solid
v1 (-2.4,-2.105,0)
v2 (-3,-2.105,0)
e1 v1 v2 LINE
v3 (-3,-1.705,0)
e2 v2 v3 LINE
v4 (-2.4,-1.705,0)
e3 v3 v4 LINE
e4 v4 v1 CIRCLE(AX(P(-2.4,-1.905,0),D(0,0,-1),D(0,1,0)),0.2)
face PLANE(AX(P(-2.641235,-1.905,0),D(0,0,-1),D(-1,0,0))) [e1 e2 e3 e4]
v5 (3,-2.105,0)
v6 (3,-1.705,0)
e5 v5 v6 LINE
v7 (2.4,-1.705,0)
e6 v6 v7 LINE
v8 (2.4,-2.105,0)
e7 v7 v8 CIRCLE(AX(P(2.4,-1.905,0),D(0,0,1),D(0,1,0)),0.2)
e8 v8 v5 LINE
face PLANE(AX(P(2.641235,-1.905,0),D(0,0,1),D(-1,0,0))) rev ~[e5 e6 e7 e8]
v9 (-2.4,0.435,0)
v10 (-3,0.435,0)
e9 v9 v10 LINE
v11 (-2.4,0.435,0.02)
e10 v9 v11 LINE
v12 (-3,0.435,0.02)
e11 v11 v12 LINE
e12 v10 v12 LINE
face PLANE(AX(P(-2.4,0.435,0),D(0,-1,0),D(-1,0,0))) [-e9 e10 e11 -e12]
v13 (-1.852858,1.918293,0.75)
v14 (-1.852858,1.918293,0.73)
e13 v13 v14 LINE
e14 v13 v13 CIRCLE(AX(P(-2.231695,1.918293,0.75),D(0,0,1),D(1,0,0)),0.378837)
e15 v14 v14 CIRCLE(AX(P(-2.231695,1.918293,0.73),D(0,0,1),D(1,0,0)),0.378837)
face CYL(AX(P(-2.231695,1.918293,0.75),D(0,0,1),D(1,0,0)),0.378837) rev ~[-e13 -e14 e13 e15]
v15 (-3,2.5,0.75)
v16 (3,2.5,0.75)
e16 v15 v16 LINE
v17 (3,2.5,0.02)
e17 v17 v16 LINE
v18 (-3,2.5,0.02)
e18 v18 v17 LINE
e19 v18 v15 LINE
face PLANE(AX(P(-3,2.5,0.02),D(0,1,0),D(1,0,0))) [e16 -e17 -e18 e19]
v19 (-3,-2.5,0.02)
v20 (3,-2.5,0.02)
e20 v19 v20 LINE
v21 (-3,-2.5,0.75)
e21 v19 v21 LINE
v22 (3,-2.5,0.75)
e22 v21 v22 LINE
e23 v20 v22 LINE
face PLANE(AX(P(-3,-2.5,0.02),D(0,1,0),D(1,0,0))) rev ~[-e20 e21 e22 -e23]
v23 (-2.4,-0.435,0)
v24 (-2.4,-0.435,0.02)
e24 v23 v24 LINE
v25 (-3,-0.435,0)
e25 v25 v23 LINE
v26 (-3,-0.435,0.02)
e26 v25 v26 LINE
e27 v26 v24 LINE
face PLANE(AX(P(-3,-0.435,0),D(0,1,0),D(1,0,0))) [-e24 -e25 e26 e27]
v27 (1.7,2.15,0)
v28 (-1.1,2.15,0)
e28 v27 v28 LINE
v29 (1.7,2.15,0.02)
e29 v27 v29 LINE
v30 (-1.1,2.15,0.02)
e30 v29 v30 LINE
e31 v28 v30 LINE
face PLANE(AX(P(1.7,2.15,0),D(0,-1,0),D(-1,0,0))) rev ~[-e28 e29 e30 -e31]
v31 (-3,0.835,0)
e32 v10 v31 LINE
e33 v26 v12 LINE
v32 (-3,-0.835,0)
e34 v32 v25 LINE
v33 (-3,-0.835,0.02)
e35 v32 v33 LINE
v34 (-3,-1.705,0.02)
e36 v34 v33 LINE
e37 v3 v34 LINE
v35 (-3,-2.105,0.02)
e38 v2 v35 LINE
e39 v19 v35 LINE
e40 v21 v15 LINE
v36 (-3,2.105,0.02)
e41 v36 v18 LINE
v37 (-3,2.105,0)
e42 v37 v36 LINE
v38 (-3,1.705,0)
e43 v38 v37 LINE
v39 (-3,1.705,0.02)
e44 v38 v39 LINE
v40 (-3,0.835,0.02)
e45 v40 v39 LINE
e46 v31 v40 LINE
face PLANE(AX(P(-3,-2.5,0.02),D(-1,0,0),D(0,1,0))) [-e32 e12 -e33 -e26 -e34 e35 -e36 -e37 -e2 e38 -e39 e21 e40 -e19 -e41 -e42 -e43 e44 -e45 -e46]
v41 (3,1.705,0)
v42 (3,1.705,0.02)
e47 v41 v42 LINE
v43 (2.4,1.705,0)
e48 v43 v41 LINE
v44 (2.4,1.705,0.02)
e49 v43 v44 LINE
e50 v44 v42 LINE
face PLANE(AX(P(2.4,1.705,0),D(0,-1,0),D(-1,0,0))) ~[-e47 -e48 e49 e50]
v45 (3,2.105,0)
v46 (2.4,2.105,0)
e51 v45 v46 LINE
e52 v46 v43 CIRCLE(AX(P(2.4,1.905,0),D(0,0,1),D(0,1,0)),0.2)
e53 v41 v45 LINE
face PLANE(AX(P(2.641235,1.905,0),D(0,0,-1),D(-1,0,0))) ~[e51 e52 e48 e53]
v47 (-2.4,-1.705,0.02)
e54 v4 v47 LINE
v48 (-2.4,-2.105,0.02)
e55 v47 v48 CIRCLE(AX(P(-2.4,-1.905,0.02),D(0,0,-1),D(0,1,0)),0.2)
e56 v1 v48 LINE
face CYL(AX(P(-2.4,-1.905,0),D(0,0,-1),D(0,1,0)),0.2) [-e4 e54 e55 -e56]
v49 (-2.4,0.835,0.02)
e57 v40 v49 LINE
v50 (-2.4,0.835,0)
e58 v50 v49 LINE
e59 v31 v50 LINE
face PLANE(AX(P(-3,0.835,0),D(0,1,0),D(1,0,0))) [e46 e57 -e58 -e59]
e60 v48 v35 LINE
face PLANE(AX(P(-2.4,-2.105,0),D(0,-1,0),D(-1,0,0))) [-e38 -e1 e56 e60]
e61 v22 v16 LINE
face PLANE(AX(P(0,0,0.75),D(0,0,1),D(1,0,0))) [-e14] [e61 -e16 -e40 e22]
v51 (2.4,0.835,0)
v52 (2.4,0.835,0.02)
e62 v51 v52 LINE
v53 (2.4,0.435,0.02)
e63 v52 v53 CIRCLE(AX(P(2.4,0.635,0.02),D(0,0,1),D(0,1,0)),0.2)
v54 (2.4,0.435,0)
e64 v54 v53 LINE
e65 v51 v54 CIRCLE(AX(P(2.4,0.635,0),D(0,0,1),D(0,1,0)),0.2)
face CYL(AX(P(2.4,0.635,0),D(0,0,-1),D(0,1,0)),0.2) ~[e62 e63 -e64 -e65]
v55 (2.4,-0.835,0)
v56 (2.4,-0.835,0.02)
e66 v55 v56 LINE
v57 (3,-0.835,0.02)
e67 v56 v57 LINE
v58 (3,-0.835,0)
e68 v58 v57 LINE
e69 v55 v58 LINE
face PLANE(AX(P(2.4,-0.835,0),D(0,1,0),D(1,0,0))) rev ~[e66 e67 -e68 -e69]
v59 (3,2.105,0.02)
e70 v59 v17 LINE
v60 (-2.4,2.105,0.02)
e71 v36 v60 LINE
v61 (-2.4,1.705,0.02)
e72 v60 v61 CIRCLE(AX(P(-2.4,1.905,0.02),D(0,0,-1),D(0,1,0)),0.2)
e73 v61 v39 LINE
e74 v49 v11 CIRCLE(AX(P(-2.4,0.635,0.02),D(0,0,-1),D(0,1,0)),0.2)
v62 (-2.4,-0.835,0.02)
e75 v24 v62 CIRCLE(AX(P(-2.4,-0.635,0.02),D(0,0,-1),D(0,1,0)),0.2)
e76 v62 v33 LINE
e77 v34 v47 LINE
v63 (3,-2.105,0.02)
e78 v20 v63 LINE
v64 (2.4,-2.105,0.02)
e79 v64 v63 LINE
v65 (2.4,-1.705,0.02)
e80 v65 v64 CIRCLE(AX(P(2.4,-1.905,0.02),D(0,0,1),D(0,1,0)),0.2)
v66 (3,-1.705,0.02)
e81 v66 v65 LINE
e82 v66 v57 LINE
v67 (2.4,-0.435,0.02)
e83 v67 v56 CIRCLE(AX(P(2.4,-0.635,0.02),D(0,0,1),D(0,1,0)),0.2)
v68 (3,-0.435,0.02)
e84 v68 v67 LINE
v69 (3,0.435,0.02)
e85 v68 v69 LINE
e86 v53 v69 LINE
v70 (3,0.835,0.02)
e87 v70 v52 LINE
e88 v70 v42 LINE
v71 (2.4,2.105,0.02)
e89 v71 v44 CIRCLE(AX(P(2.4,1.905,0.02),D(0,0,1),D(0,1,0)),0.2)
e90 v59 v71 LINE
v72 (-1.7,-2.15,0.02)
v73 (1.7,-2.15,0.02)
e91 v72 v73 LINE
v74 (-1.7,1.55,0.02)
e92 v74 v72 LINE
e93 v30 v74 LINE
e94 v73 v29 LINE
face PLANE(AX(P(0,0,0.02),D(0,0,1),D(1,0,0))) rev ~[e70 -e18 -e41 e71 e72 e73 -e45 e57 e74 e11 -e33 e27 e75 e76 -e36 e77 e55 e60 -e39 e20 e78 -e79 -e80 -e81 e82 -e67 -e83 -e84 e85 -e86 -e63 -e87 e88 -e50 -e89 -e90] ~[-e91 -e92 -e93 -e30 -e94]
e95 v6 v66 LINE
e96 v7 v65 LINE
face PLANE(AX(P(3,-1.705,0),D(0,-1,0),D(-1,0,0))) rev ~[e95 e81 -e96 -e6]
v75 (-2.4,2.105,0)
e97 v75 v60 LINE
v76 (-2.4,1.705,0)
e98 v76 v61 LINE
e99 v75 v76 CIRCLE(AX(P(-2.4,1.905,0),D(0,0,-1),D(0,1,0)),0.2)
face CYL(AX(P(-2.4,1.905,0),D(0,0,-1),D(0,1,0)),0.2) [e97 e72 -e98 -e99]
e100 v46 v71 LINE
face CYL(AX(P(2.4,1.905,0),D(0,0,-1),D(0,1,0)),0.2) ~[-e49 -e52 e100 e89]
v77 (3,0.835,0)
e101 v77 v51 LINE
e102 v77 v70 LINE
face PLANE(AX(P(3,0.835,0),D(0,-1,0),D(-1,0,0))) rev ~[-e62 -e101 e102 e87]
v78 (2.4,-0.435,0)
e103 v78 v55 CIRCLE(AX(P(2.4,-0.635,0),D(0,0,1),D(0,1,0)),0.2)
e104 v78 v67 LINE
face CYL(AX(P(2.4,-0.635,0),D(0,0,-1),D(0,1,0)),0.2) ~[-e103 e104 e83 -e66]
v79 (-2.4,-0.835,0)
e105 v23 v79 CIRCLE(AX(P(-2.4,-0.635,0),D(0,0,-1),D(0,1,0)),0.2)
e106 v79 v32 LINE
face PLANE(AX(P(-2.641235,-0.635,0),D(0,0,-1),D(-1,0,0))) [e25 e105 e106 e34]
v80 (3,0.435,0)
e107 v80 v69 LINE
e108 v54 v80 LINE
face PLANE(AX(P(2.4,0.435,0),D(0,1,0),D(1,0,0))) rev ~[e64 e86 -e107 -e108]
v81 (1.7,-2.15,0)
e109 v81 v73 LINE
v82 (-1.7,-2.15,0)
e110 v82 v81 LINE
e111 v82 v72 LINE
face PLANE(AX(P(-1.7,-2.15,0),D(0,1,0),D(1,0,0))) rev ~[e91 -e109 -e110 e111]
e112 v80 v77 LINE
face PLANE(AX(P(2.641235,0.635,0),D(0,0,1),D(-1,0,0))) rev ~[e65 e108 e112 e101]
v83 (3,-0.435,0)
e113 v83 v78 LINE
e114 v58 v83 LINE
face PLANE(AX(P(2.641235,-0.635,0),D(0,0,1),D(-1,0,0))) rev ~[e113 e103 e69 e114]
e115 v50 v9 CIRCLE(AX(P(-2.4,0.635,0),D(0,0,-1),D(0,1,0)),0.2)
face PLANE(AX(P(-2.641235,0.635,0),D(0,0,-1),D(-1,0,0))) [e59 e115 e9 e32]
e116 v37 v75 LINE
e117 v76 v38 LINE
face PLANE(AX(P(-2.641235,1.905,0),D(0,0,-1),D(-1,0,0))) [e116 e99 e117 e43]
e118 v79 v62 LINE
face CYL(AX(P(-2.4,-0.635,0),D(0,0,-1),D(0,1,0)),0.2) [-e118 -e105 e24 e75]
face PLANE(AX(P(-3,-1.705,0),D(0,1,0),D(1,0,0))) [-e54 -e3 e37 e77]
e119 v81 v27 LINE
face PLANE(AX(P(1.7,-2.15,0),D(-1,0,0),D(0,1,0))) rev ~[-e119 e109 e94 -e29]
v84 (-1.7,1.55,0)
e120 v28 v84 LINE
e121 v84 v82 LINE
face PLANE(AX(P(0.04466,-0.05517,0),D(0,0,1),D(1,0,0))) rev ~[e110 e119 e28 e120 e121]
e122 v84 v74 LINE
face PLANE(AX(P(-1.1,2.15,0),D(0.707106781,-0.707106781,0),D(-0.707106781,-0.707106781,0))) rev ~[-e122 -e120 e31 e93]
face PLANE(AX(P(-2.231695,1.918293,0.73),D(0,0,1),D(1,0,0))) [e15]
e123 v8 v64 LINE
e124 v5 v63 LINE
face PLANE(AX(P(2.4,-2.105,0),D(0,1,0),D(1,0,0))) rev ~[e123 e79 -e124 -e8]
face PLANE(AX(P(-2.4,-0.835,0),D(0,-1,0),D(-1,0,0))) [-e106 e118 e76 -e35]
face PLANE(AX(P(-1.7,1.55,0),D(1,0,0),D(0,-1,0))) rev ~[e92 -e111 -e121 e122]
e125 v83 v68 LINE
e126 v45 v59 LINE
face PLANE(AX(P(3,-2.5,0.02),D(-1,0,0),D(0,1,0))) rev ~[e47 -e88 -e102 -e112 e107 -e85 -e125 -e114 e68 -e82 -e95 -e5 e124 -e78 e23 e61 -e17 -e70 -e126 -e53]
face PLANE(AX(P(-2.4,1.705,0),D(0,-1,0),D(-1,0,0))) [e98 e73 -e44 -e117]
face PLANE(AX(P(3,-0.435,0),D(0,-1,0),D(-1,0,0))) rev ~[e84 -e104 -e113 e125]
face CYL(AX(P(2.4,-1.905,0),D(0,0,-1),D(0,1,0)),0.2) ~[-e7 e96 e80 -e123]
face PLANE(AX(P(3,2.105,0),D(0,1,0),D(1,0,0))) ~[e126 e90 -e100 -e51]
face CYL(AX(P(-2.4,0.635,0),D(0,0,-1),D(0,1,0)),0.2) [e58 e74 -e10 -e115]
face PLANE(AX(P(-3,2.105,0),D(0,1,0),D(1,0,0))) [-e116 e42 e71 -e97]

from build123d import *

# Parameters (mm, degrees)
BOSS_EXTRUDE1_START  = 0.02
SKETCH1_W            = 6
SKETCH1_H            = 5
BOSS_EXTRUDE1_DEPTH  = 0.73
BOSS_EXTRUDE2_DEPTH  = 0.02
BOSS_EXTRUDE3_DEPTH  = 0.02
LPATTERN1_COUNT      = 4
LPATTERN1_PITCH      = 1.27
MIRROR1_COPY_1_DEPTH = 0.02
MIRROR1_COPY_2_DEPTH = 0.02
MIRROR1_COPY_3_DEPTH = 0.02
SKETCH4_R            = 0.378837043
CUT_EXTRUDE1_DEPTH   = 0.02


with BuildPart() as part:
    # Sketch1 → Boss-Extrude1 (new body)
    with BuildSketch(Plane.XY.offset(BOSS_EXTRUDE1_START)):
        Rectangle(SKETCH1_W, SKETCH1_H)
    extrude(amount=BOSS_EXTRUDE1_DEPTH)

    # Sketch2 → Boss-Extrude2 (add)
    with BuildSketch(Plane.XY):
        Polygon((-1.7, -2.15), (1.7, -2.15), (1.7, 2.15), (-1.1, 2.15), (-1.7, 1.55), align=None)
    extrude(amount=BOSS_EXTRUDE2_DEPTH)

    # Sketch3 → Boss-Extrude3 (add)
    with BuildSketch(Plane.XY):
        with BuildLine():
            Line((-3, 2.105), (-2.4, 2.105))
            ThreePointArc((-2.4, 2.105), (-2.2, 1.905), (-2.4, 1.705))
            Line((-2.4, 1.705), (-3, 1.705))
            Line((-3, 1.705), (-3, 2.105))
        make_face()
    boss_extrude3 = extrude(amount=BOSS_EXTRUDE3_DEPTH)

    # LPattern1: Boss-Extrude3 ×4
    with Locations(*[(0, -i * LPATTERN1_PITCH, 0) for i in range(1, LPATTERN1_COUNT)]):
        add(boss_extrude3)

    # Mirror1: Boss-Extrude3 across plane
    add(boss_extrude3.mirror(Plane(origin=(0, 0, 0), x_dir=(0, 0, 1), z_dir=(1, 0, 0))))

    # Mirror1 copy 1 sketch → Mirror1 copy 1 (add)
    with BuildSketch(Plane(origin=(0, -1.27, 0), x_dir=(-1, 0, 0), z_dir=(0, 0, 1))):
        with BuildLine():
            Line((-3, -2.105), (-2.4, -2.105))
            ThreePointArc((-2.4, -2.105), (-2.2, -1.905), (-2.4, -1.705))
            Line((-2.4, -1.705), (-3, -1.705))
            Line((-3, -1.705), (-3, -2.105))
        make_face()
    extrude(amount=MIRROR1_COPY_1_DEPTH)

    # Mirror1 copy 2 sketch → Mirror1 copy 2 (add)
    with BuildSketch(Plane(origin=(0, -2.54, 0), x_dir=(-1, 0, 0), z_dir=(0, 0, 1))):
        with BuildLine():
            Line((-3, -2.105), (-2.4, -2.105))
            ThreePointArc((-2.4, -2.105), (-2.2, -1.905), (-2.4, -1.705))
            Line((-2.4, -1.705), (-3, -1.705))
            Line((-3, -1.705), (-3, -2.105))
        make_face()
    extrude(amount=MIRROR1_COPY_2_DEPTH)

    # Mirror1 copy 3 sketch → Mirror1 copy 3 (add)
    with BuildSketch(Plane(origin=(0, -3.81, 0), x_dir=(-1, 0, 0), z_dir=(0, 0, 1))):
        with BuildLine():
            Line((-3, -2.105), (-2.4, -2.105))
            ThreePointArc((-2.4, -2.105), (-2.2, -1.905), (-2.4, -1.705))
            Line((-2.4, -1.705), (-3, -1.705))
            Line((-3, -1.705), (-3, -2.105))
        make_face()
    extrude(amount=MIRROR1_COPY_3_DEPTH)

    # Sketch4 → Cut-Extrude1 (cut)
    with BuildSketch(Plane.XY.offset(0.75)):
        with Locations((-2.231694583, 1.918293029)):
            Circle(SKETCH4_R)
    extrude(amount=-CUT_EXTRUDE1_DEPTH, mode=Mode.SUBTRACT)


solid = part.part
